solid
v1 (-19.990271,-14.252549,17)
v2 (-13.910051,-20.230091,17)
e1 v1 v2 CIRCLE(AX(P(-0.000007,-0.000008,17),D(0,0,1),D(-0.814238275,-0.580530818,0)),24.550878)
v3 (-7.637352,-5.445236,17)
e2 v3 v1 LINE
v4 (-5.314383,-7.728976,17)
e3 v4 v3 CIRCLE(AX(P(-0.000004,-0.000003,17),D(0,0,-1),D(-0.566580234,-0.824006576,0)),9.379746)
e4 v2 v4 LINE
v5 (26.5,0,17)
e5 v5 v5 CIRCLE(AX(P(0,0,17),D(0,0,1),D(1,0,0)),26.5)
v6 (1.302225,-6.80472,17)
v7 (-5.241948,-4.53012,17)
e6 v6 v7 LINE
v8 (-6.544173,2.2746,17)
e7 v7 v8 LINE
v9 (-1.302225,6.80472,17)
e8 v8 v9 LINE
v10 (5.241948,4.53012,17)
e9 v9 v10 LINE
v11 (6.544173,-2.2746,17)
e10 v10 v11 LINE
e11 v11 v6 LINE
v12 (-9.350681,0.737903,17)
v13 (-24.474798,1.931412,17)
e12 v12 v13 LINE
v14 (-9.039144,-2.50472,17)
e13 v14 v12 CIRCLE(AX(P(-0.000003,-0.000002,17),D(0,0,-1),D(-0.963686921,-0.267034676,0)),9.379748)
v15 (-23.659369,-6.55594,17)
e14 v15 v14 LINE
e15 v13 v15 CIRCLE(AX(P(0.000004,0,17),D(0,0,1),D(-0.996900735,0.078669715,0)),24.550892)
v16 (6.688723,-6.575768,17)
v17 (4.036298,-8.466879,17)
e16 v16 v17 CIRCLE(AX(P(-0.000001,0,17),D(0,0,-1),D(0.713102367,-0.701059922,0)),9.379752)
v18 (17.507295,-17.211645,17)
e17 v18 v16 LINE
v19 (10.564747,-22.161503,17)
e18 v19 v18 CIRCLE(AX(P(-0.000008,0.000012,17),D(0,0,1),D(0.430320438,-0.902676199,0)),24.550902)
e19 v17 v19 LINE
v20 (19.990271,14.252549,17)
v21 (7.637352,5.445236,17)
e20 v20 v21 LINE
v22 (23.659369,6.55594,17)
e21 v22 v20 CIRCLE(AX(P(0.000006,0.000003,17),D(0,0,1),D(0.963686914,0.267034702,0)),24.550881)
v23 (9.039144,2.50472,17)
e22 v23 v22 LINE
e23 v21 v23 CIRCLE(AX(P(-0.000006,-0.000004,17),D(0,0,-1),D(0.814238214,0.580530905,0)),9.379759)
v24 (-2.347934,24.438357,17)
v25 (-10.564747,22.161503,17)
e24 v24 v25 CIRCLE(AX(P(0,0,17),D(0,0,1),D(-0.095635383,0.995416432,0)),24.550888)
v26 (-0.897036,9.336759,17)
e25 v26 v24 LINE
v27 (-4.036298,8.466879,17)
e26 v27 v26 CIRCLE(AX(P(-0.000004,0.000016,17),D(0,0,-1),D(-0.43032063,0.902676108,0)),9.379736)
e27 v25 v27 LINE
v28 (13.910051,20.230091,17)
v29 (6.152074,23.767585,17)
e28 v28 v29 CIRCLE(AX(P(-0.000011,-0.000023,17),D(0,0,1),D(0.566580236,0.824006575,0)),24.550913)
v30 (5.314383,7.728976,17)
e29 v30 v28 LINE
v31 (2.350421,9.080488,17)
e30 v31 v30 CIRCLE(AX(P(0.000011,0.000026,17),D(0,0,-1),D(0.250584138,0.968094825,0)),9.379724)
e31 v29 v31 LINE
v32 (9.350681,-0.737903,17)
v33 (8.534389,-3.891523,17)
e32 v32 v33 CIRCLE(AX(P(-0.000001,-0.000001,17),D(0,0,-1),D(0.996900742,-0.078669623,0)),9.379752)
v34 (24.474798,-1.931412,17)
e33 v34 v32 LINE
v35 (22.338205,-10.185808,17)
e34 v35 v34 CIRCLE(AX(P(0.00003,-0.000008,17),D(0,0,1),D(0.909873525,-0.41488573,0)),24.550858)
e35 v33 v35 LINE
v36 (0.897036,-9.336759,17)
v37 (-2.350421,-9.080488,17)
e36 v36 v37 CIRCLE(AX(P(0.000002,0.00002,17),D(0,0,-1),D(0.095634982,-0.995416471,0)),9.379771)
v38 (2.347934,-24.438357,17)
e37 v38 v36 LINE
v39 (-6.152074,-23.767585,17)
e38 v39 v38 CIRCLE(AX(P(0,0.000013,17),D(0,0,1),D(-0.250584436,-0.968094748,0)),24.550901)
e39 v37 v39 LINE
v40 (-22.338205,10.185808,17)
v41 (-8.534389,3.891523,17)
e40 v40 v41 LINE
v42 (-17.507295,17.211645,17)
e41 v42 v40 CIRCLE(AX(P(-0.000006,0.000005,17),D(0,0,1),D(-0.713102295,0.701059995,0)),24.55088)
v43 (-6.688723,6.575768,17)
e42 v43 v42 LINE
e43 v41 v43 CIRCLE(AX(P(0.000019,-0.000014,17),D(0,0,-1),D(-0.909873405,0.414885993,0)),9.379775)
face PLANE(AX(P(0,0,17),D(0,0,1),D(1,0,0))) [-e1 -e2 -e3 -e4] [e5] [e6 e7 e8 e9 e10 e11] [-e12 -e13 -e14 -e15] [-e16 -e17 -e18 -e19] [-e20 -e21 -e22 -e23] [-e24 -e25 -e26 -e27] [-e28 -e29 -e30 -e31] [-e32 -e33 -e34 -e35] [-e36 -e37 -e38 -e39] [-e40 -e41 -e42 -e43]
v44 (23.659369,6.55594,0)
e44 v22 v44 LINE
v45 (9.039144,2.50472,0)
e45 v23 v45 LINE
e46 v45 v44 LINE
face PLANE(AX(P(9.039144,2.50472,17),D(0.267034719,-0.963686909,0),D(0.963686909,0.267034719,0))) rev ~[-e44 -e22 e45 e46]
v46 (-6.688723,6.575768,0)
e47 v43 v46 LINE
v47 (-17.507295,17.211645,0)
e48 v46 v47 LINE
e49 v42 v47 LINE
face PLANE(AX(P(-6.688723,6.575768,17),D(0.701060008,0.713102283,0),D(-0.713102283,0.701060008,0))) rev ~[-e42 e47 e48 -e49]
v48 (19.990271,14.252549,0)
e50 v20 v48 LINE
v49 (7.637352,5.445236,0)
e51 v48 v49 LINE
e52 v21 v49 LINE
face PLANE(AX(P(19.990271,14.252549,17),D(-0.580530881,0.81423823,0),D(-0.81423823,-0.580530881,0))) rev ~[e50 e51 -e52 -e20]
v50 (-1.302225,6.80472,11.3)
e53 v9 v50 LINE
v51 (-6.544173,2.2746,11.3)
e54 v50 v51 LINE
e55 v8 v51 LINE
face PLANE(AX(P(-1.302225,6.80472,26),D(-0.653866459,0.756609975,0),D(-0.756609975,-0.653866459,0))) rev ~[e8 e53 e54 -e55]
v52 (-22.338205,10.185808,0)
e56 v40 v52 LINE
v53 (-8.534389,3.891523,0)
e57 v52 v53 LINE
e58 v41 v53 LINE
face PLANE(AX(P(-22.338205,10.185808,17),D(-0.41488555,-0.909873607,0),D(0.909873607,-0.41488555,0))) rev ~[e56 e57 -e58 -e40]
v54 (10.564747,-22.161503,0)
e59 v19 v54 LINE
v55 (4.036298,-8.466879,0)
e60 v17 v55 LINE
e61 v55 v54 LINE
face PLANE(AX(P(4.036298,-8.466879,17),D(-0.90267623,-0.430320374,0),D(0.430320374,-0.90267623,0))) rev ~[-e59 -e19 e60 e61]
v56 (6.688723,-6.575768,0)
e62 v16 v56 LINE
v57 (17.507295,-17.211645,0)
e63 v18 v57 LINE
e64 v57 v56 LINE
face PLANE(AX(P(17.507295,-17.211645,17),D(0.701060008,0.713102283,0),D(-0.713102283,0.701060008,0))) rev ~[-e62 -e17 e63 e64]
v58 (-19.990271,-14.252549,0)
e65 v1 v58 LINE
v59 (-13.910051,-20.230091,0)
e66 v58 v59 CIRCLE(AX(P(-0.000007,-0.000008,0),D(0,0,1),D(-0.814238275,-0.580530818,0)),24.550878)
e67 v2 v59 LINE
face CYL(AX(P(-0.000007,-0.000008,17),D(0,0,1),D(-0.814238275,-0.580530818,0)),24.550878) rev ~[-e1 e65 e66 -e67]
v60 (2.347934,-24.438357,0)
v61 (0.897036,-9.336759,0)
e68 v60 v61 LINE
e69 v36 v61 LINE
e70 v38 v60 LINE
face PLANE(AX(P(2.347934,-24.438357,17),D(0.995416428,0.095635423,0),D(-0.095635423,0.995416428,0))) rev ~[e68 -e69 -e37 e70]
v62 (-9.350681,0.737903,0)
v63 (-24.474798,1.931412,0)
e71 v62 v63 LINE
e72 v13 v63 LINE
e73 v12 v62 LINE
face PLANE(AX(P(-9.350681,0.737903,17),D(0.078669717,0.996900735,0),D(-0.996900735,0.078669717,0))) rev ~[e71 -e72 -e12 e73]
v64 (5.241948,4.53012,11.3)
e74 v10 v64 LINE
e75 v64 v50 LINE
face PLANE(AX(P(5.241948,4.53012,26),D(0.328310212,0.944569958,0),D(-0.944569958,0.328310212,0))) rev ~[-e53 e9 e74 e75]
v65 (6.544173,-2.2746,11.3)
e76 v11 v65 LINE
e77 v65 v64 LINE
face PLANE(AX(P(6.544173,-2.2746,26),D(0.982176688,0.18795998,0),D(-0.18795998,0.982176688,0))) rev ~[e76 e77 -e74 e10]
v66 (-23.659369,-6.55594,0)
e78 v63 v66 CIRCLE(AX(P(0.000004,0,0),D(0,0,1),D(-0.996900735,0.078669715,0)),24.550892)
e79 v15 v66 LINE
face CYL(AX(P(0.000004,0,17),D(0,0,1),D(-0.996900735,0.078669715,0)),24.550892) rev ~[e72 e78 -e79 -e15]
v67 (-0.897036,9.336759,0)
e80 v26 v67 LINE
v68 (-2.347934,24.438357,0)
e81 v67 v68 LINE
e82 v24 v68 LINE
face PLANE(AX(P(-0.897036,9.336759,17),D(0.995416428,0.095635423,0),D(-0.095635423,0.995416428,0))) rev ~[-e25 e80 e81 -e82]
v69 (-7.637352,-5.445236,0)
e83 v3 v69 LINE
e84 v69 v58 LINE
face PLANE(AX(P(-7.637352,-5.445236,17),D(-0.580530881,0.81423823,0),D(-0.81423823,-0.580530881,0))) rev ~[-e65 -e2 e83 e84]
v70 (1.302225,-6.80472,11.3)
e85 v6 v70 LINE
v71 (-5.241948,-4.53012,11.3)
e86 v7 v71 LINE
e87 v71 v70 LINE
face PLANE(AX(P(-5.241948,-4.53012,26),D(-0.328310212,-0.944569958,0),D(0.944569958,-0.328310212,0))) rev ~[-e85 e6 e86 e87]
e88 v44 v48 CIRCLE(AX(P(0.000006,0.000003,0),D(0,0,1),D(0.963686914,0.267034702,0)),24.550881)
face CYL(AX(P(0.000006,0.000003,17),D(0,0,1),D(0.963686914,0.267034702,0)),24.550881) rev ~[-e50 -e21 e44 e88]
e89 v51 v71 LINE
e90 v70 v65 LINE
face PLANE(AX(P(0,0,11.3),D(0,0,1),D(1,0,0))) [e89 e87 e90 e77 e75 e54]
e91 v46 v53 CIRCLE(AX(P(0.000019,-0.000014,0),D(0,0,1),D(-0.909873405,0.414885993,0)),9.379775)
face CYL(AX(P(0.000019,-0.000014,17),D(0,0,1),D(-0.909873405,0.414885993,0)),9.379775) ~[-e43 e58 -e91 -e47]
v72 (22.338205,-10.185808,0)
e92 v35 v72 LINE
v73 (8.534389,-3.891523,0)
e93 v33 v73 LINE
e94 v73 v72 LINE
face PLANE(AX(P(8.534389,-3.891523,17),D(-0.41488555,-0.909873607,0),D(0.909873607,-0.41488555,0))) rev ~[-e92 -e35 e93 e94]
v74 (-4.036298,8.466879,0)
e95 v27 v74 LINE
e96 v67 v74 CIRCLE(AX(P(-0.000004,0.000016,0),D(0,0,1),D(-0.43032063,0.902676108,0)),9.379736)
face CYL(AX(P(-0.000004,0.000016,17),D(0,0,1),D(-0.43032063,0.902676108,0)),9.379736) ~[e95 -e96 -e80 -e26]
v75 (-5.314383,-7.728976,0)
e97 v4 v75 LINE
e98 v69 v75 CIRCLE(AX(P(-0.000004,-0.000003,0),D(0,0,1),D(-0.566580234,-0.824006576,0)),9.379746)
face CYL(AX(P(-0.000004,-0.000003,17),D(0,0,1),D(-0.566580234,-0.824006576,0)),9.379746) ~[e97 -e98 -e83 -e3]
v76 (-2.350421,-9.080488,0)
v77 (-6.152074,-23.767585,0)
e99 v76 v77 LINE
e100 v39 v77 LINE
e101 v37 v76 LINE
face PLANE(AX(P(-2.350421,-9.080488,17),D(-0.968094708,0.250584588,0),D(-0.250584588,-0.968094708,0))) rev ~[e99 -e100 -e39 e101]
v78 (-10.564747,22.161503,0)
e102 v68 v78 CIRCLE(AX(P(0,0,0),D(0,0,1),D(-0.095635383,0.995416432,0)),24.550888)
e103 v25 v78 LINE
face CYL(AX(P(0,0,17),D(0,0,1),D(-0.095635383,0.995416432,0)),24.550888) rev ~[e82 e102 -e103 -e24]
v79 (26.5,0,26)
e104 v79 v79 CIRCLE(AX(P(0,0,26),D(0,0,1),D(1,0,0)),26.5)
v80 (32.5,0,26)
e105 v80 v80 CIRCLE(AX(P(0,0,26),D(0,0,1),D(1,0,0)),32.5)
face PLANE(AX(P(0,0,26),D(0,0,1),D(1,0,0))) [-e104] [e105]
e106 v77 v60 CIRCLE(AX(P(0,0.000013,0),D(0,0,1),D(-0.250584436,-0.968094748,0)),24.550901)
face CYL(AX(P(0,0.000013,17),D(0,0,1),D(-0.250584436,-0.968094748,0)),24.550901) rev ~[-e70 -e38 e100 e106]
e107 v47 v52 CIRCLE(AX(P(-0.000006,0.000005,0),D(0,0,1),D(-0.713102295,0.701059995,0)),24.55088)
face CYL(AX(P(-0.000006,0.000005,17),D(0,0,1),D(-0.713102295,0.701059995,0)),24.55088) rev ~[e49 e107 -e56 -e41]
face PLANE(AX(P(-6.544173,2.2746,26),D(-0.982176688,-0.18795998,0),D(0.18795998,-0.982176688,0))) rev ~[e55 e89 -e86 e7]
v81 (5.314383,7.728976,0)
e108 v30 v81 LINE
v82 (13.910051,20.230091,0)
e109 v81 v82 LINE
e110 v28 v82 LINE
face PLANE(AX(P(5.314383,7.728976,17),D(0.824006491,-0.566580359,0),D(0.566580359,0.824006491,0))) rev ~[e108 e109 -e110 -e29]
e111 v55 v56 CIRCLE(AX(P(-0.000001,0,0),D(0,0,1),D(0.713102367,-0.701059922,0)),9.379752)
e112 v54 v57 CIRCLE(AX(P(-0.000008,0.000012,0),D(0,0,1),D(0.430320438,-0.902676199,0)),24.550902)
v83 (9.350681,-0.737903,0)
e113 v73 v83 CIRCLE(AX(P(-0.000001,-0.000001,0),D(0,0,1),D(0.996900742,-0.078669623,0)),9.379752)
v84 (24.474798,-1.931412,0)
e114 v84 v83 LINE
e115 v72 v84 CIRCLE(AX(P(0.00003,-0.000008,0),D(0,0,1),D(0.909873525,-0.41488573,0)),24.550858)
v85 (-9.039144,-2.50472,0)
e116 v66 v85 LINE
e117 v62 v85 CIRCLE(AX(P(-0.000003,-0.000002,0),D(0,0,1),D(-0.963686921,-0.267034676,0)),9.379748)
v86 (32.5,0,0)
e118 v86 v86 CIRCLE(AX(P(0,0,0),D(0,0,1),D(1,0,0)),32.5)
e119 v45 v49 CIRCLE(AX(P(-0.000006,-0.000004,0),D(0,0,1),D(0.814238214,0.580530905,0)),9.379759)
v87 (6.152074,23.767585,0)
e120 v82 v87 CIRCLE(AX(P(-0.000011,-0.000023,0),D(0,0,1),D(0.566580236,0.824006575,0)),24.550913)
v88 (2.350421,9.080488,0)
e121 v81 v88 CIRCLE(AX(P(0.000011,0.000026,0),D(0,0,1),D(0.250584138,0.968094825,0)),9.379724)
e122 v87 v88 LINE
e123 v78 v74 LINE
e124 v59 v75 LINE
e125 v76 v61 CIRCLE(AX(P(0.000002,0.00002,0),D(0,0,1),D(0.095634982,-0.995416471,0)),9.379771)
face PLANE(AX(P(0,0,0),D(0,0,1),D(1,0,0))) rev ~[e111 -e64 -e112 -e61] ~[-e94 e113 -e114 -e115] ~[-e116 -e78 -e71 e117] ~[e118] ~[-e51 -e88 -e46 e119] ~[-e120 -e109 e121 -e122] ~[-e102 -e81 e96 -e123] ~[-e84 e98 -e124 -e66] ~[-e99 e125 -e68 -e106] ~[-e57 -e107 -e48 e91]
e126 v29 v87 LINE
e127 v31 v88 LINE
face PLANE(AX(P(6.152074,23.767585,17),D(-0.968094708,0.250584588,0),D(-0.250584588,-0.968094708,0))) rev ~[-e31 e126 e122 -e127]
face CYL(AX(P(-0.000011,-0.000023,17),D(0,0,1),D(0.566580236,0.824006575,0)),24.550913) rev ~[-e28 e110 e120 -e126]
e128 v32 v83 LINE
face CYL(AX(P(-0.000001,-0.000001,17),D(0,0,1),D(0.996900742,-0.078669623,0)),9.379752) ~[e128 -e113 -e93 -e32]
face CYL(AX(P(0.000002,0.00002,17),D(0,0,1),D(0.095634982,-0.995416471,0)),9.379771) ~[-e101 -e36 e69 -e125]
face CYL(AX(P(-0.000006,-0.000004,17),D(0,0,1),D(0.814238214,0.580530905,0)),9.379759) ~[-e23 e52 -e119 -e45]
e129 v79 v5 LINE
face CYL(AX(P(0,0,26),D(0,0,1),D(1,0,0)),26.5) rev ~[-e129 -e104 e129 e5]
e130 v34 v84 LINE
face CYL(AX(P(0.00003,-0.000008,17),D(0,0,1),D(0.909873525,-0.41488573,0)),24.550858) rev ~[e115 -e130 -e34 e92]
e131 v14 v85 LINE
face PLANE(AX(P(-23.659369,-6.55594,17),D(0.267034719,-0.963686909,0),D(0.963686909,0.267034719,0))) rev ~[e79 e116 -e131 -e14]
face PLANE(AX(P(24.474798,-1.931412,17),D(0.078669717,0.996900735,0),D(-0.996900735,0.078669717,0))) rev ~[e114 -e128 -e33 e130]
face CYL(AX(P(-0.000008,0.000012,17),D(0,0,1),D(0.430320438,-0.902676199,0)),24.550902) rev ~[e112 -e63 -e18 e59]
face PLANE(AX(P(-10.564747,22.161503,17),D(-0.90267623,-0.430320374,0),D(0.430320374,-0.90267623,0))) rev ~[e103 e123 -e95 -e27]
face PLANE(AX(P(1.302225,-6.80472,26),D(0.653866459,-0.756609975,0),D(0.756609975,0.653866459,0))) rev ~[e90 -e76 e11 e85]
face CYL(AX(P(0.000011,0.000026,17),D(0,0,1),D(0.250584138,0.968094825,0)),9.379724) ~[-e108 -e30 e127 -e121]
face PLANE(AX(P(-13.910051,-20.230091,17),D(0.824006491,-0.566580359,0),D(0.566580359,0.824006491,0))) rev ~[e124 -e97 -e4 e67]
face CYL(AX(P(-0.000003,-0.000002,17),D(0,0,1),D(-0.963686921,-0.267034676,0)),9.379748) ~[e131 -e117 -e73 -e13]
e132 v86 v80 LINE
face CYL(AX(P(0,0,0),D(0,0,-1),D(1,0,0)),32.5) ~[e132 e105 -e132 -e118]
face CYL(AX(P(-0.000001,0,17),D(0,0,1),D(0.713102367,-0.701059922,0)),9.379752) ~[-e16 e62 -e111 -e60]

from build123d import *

# Parameters (mm, degrees)
F0_R     = 32.5
F1_DEPTH = 26
F3_DEPTH = 14.7
F4_R     = 26.5
F5_DEPTH = 9
F7_DEPTH = 25


with BuildPart() as f1:
    # F0 (on Top) → F1 (new body)
    with BuildSketch(Plane.XY):
        Circle(F0_R)
    extrude(amount=F1_DEPTH)

    # F2 (on face) → F3 (cut)
    with BuildSketch(Plane.XY.offset(26)):
        Polygon((-6.544173, 2.2746), (-5.241948, -4.53012), (1.302225, -6.80472), (6.544173, -2.2746), (5.241948, 4.53012), (-1.302225, 6.80472), align=None)
    extrude(amount=-F3_DEPTH, mode=Mode.SUBTRACT)

    # F4 (on face) → F5 (cut)
    with BuildSketch(Plane.XY.offset(26)):
        Circle(F4_R)
    extrude(amount=-F5_DEPTH, mode=Mode.SUBTRACT)

    # F6 (on face) → F7 (cut)
    with BuildSketch(Plane.XY.offset(17)):
        with BuildLine():
            Line((-22.338205, 10.185808), (-8.534389, 3.891523))
            ThreePointArc((-8.534389, 3.891523), (-7.728976, 5.314383), (-6.688723, 6.575768))
            Line((-6.688723, 6.575768), (-17.507295, 17.211645))
            ThreePointArc((-17.507295, 17.211645), (-20.230091, 13.910051), (-22.338205, 10.185808))
        make_face()
        with BuildLine():
            Line((-23.659369, -6.55594), (-9.039144, -2.50472))
            ThreePointArc((-9.039144, -2.50472), (-9.336759, -0.897036), (-9.350681, 0.737903))
            Line((-9.350681, 0.737903), (-24.474798, 1.931412))
            ThreePointArc((-24.474798, 1.931412), (-24.438357, -2.347934), (-23.659369, -6.55594))
        make_face()
        with BuildLine():
            Line((-13.910051, -20.230091), (-5.314383, -7.728976))
            ThreePointArc((-5.314383, -7.728976), (-6.575768, -6.688723), (-7.637352, -5.445236))
            Line((-7.637352, -5.445236), (-19.990271, -14.252549))
            ThreePointArc((-19.990271, -14.252549), (-17.211645, -17.507295), (-13.910051, -20.230091))
        make_face()
        with BuildLine():
            Line((2.347934, -24.438357), (0.897036, -9.336759))
            ThreePointArc((0.897036, -9.336759), (-0.737903, -9.350681), (-2.350421, -9.080488))
            Line((-2.350421, -9.080488), (-6.152074, -23.767585))
            ThreePointArc((-6.152074, -23.767585), (-1.931412, -24.474798), (2.347934, -24.438357))
        make_face()
        with BuildLine():
            Line((17.507295, -17.211645), (6.688723, -6.575768))
            ThreePointArc((6.688723, -6.575768), (5.445236, -7.637352), (4.036298, -8.466879))
            Line((4.036298, -8.466879), (10.564747, -22.161503))
            ThreePointArc((10.564747, -22.161503), (14.252549, -19.990271), (17.507295, -17.211645))
        make_face()
        with BuildLine():
            Line((24.474798, -1.931412), (9.350681, -0.737903))
            ThreePointArc((9.350681, -0.737903), (9.080488, -2.350421), (8.534389, -3.891523))
            Line((8.534389, -3.891523), (22.338205, -10.185808))
            ThreePointArc((22.338205, -10.185808), (23.767585, -6.152074), (24.474798, -1.931412))
        make_face()
        with BuildLine():
            Line((19.990271, 14.252549), (7.637352, 5.445236))
            ThreePointArc((7.637352, 5.445236), (8.466879, 4.036298), (9.039144, 2.50472))
            Line((9.039144, 2.50472), (23.659369, 6.55594))
            ThreePointArc((23.659369, 6.55594), (22.161503, 10.564747), (19.990271, 14.252549))
        make_face()
        with BuildLine():
            Line((6.152074, 23.767585), (2.350421, 9.080488))
            ThreePointArc((2.350421, 9.080488), (3.891523, 8.534389), (5.314383, 7.728976))
            Line((5.314383, 7.728976), (13.910051, 20.230091))
            ThreePointArc((13.910051, 20.230091), (10.185808, 22.338205), (6.152074, 23.767585))
        make_face()
        with BuildLine():
            Line((-0.897036, 9.336759), (-2.347934, 24.438357))
            ThreePointArc((-2.347934, 24.438357), (-6.55594, 23.659369), (-10.564747, 22.161503))
            Line((-10.564747, 22.161503), (-4.036298, 8.466879))
            ThreePointArc((-4.036298, 8.466879), (-2.50472, 9.039144), (-0.897036, 9.336759))
        make_face()
    extrude(amount=-F7_DEPTH, mode=Mode.SUBTRACT)


solid = f1.part
